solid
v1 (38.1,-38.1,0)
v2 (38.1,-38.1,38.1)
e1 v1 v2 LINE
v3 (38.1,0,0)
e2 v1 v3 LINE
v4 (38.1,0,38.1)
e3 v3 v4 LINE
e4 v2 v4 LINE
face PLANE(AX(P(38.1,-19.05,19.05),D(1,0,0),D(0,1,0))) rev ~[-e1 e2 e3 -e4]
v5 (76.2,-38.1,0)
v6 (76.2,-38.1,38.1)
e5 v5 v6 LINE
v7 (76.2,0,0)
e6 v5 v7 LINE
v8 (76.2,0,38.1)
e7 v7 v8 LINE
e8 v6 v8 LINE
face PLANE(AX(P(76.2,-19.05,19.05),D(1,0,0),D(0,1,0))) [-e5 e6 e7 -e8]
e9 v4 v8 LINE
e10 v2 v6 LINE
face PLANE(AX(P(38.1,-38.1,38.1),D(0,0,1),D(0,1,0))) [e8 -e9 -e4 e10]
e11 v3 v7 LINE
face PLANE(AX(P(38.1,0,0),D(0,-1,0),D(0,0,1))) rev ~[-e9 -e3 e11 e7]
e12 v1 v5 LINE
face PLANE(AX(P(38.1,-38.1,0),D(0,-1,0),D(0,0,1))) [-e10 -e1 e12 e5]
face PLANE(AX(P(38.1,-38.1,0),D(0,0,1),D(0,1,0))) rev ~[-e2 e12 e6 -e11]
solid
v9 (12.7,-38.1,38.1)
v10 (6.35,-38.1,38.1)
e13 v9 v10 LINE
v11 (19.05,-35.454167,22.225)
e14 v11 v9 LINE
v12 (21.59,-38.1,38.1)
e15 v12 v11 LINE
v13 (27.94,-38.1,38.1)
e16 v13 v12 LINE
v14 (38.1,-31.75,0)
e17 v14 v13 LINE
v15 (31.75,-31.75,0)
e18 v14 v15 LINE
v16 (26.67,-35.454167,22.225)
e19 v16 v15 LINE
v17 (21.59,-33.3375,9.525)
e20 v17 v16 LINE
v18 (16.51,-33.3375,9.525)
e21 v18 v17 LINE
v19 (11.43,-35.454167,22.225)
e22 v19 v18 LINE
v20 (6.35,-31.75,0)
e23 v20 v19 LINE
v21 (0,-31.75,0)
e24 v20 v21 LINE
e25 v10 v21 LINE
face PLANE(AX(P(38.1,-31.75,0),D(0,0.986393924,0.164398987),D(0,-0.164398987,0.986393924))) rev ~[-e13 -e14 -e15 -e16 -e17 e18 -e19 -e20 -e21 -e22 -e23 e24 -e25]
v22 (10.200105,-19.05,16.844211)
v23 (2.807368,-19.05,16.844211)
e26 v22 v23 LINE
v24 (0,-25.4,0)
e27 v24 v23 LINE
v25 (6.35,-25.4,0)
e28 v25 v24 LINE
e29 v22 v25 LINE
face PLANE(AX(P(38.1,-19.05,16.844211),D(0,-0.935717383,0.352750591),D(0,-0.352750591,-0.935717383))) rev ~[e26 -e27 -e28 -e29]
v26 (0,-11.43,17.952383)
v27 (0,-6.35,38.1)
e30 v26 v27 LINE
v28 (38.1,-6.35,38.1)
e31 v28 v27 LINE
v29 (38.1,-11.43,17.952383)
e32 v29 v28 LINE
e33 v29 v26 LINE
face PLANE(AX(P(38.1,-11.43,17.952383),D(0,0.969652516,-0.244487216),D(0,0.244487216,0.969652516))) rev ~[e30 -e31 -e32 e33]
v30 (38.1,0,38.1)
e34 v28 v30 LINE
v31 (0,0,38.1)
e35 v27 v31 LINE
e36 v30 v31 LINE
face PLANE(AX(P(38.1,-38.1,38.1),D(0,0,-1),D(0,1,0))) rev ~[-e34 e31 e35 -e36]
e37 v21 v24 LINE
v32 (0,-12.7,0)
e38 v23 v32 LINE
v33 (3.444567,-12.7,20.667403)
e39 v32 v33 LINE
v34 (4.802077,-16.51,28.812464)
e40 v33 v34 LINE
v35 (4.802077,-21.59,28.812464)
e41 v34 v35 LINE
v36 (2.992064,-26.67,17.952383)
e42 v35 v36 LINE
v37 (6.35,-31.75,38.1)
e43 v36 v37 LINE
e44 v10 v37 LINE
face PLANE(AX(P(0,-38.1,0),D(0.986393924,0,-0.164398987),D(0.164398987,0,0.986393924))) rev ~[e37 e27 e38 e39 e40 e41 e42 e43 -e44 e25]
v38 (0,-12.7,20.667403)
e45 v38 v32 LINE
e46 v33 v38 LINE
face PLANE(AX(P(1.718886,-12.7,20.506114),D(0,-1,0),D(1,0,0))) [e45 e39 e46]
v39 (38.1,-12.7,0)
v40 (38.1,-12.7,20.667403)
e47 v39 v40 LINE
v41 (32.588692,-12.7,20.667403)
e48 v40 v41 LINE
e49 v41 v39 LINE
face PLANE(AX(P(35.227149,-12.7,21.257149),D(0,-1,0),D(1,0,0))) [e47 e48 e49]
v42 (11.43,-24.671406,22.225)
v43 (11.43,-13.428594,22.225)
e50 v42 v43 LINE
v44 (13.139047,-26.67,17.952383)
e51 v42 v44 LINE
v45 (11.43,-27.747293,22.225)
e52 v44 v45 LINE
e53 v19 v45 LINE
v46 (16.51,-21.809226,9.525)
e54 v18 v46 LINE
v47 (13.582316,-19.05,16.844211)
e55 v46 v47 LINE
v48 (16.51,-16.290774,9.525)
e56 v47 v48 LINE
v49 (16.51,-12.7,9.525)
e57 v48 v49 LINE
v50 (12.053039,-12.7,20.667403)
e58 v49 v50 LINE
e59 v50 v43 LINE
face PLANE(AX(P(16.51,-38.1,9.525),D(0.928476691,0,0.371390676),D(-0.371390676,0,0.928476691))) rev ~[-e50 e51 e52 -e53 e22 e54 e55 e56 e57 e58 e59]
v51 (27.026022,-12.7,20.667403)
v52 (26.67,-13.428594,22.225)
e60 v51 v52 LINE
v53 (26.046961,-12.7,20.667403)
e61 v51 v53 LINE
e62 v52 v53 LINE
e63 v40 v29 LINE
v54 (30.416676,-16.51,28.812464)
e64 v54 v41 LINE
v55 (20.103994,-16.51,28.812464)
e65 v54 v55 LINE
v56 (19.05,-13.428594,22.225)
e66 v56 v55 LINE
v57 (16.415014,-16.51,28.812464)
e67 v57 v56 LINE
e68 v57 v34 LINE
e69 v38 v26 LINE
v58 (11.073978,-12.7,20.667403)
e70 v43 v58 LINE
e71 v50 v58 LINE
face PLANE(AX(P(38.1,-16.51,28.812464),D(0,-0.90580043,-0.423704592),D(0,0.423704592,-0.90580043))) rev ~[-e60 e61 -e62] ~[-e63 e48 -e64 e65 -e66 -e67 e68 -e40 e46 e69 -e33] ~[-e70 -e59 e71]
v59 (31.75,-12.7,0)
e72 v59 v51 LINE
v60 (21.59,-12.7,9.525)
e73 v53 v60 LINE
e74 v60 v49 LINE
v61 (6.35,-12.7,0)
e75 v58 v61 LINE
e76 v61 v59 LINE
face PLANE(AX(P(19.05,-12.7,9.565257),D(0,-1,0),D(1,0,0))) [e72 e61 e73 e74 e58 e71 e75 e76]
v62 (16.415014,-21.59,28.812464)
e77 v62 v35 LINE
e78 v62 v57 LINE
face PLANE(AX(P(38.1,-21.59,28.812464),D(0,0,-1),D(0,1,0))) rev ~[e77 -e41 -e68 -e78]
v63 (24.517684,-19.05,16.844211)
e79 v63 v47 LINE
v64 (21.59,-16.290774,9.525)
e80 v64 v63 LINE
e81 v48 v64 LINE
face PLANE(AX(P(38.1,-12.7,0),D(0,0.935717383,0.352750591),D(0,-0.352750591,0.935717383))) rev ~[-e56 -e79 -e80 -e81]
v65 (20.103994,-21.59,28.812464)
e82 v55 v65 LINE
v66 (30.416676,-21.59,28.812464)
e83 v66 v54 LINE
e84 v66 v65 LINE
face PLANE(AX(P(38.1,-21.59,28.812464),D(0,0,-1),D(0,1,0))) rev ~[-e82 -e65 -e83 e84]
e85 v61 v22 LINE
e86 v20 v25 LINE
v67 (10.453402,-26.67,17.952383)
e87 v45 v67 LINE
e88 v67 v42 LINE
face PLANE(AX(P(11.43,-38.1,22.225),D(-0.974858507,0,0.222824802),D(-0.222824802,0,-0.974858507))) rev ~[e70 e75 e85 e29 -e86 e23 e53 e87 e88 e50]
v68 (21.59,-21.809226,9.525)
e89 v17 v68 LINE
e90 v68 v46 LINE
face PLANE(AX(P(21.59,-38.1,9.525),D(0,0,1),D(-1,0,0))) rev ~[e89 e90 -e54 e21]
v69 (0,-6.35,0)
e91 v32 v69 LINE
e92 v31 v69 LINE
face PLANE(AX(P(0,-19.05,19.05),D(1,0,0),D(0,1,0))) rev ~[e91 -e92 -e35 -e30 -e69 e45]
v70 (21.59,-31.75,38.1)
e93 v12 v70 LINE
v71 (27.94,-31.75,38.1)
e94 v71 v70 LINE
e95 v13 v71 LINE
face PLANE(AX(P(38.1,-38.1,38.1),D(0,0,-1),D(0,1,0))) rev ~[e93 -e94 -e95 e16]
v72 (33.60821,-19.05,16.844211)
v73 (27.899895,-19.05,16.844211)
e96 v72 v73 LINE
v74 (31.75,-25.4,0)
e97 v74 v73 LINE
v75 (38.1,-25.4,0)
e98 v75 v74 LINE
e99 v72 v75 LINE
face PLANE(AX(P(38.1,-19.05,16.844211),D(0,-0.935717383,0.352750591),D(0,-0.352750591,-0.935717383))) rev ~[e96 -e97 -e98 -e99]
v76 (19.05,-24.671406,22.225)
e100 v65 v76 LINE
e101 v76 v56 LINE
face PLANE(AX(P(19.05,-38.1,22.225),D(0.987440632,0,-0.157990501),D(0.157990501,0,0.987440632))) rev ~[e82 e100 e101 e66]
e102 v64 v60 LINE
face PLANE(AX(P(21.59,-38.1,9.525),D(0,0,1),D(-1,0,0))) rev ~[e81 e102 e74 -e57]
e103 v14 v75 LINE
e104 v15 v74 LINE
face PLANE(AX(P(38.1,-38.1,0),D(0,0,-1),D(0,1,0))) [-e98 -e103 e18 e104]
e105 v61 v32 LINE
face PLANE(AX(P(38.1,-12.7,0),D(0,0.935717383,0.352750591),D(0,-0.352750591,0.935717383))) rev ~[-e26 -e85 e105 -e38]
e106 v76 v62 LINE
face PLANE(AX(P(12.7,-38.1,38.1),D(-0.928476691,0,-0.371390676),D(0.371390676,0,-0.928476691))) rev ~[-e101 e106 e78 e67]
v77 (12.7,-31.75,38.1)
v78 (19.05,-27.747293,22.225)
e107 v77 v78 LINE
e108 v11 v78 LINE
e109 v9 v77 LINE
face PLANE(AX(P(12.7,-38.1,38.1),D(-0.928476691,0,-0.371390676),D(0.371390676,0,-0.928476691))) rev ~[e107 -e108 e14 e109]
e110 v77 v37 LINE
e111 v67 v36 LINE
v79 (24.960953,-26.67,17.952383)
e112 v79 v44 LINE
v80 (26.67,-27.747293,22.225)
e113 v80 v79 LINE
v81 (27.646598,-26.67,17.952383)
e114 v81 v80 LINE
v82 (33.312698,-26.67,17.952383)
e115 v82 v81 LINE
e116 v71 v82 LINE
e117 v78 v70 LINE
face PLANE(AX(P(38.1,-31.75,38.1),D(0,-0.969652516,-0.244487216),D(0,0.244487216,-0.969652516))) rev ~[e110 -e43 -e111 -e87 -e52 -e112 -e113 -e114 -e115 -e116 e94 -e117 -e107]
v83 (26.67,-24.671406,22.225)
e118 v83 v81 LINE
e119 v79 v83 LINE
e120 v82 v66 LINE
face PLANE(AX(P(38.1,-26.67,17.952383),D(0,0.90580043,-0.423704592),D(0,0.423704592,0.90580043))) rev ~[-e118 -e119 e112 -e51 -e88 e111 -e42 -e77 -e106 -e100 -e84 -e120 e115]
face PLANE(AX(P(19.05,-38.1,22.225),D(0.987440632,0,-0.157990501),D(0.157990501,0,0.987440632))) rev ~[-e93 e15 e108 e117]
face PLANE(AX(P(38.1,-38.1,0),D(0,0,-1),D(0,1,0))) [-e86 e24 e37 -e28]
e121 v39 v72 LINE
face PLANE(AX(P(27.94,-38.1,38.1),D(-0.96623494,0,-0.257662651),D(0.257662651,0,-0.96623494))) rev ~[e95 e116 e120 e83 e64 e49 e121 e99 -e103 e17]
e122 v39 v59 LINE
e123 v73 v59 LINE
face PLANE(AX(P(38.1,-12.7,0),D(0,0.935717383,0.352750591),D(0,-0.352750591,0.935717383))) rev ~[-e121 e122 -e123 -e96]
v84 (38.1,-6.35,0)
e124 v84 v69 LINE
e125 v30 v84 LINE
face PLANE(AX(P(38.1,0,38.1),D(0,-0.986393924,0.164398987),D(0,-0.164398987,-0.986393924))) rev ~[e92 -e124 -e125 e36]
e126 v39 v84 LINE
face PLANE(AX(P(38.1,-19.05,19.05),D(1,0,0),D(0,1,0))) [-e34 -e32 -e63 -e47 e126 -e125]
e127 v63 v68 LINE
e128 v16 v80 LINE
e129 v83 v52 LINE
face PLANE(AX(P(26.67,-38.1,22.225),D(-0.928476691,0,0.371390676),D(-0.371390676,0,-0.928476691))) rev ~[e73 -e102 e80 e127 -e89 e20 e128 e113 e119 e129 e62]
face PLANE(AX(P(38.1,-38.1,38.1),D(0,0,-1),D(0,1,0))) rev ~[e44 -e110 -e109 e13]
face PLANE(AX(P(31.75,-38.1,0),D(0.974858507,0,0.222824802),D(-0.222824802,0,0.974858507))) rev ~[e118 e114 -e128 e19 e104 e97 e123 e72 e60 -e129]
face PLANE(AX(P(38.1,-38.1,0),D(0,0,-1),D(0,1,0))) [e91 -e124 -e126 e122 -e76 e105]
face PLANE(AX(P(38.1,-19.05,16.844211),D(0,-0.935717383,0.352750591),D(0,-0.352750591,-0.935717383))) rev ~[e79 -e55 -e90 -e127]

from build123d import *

# Parameters (mm, degrees)
F2_W     = 38.1
F2_H     = 38.1
F3_DEPTH = 38.1
F5_DEPTH = 38.1
F6_DEPTH = 38.1
F8_DEPTH = 25.4


with BuildPart() as f3:
    # F2 (on offset) → F3 (new body)
    with BuildSketch(Plane.YZ.offset(38.1)):
        with Locations((-19.05, 19.05)):
            Rectangle(F2_W, F2_H)
    extrude(amount=F3_DEPTH)


with BuildPart() as f5:
    # F2 (on offset) → F5 (new body)
    with BuildSketch(Plane.YZ.offset(38.1)):
        with Locations((-19.05, 19.05)):
            Rectangle(F2_W, F2_H)
    extrude(amount=-F5_DEPTH)

    # F4 (on offset) → F6 (cut)
    with BuildSketch(Plane.YZ.offset(38.1)):
        Polygon((-6.35, 38.1), (-31.75, 38.1), (-26.67, 17.952383), (-21.59, 28.812464), (-16.51, 28.812464), (-11.43, 17.952383), align=None)
        Polygon((-31.75, 0), (-38.1, 38.1), (-38.1, 0), align=None)
        Polygon((-19.05, 16.844211), (-25.4, 0), (-12.7, 0), align=None)
        Polygon((0, 0), (0, 38.1), (-6.35, 0), align=None)
    extrude(amount=-F6_DEPTH, mode=Mode.SUBTRACT)

    # F7 (on offset) → F8 (cut)
    with BuildSketch(Plane.XZ.offset(38.1)):
        Polygon((0, 38.1), (0, 0), (6.35, 38.1), align=None)
        Polygon((21.59, 38.1), (12.7, 38.1), (19.05, 22.225), align=None)
        Polygon((27.94, 38.1), (38.1, 0), (38.1, 38.1), align=None)
        Polygon((11.43, 22.225), (6.35, 0), (31.75, 0), (26.67, 22.225), (21.59, 9.525), (16.51, 9.525), align=None)
    extrude(amount=-F8_DEPTH, mode=Mode.SUBTRACT)


solid = Compound([f3.part, f5.part])
